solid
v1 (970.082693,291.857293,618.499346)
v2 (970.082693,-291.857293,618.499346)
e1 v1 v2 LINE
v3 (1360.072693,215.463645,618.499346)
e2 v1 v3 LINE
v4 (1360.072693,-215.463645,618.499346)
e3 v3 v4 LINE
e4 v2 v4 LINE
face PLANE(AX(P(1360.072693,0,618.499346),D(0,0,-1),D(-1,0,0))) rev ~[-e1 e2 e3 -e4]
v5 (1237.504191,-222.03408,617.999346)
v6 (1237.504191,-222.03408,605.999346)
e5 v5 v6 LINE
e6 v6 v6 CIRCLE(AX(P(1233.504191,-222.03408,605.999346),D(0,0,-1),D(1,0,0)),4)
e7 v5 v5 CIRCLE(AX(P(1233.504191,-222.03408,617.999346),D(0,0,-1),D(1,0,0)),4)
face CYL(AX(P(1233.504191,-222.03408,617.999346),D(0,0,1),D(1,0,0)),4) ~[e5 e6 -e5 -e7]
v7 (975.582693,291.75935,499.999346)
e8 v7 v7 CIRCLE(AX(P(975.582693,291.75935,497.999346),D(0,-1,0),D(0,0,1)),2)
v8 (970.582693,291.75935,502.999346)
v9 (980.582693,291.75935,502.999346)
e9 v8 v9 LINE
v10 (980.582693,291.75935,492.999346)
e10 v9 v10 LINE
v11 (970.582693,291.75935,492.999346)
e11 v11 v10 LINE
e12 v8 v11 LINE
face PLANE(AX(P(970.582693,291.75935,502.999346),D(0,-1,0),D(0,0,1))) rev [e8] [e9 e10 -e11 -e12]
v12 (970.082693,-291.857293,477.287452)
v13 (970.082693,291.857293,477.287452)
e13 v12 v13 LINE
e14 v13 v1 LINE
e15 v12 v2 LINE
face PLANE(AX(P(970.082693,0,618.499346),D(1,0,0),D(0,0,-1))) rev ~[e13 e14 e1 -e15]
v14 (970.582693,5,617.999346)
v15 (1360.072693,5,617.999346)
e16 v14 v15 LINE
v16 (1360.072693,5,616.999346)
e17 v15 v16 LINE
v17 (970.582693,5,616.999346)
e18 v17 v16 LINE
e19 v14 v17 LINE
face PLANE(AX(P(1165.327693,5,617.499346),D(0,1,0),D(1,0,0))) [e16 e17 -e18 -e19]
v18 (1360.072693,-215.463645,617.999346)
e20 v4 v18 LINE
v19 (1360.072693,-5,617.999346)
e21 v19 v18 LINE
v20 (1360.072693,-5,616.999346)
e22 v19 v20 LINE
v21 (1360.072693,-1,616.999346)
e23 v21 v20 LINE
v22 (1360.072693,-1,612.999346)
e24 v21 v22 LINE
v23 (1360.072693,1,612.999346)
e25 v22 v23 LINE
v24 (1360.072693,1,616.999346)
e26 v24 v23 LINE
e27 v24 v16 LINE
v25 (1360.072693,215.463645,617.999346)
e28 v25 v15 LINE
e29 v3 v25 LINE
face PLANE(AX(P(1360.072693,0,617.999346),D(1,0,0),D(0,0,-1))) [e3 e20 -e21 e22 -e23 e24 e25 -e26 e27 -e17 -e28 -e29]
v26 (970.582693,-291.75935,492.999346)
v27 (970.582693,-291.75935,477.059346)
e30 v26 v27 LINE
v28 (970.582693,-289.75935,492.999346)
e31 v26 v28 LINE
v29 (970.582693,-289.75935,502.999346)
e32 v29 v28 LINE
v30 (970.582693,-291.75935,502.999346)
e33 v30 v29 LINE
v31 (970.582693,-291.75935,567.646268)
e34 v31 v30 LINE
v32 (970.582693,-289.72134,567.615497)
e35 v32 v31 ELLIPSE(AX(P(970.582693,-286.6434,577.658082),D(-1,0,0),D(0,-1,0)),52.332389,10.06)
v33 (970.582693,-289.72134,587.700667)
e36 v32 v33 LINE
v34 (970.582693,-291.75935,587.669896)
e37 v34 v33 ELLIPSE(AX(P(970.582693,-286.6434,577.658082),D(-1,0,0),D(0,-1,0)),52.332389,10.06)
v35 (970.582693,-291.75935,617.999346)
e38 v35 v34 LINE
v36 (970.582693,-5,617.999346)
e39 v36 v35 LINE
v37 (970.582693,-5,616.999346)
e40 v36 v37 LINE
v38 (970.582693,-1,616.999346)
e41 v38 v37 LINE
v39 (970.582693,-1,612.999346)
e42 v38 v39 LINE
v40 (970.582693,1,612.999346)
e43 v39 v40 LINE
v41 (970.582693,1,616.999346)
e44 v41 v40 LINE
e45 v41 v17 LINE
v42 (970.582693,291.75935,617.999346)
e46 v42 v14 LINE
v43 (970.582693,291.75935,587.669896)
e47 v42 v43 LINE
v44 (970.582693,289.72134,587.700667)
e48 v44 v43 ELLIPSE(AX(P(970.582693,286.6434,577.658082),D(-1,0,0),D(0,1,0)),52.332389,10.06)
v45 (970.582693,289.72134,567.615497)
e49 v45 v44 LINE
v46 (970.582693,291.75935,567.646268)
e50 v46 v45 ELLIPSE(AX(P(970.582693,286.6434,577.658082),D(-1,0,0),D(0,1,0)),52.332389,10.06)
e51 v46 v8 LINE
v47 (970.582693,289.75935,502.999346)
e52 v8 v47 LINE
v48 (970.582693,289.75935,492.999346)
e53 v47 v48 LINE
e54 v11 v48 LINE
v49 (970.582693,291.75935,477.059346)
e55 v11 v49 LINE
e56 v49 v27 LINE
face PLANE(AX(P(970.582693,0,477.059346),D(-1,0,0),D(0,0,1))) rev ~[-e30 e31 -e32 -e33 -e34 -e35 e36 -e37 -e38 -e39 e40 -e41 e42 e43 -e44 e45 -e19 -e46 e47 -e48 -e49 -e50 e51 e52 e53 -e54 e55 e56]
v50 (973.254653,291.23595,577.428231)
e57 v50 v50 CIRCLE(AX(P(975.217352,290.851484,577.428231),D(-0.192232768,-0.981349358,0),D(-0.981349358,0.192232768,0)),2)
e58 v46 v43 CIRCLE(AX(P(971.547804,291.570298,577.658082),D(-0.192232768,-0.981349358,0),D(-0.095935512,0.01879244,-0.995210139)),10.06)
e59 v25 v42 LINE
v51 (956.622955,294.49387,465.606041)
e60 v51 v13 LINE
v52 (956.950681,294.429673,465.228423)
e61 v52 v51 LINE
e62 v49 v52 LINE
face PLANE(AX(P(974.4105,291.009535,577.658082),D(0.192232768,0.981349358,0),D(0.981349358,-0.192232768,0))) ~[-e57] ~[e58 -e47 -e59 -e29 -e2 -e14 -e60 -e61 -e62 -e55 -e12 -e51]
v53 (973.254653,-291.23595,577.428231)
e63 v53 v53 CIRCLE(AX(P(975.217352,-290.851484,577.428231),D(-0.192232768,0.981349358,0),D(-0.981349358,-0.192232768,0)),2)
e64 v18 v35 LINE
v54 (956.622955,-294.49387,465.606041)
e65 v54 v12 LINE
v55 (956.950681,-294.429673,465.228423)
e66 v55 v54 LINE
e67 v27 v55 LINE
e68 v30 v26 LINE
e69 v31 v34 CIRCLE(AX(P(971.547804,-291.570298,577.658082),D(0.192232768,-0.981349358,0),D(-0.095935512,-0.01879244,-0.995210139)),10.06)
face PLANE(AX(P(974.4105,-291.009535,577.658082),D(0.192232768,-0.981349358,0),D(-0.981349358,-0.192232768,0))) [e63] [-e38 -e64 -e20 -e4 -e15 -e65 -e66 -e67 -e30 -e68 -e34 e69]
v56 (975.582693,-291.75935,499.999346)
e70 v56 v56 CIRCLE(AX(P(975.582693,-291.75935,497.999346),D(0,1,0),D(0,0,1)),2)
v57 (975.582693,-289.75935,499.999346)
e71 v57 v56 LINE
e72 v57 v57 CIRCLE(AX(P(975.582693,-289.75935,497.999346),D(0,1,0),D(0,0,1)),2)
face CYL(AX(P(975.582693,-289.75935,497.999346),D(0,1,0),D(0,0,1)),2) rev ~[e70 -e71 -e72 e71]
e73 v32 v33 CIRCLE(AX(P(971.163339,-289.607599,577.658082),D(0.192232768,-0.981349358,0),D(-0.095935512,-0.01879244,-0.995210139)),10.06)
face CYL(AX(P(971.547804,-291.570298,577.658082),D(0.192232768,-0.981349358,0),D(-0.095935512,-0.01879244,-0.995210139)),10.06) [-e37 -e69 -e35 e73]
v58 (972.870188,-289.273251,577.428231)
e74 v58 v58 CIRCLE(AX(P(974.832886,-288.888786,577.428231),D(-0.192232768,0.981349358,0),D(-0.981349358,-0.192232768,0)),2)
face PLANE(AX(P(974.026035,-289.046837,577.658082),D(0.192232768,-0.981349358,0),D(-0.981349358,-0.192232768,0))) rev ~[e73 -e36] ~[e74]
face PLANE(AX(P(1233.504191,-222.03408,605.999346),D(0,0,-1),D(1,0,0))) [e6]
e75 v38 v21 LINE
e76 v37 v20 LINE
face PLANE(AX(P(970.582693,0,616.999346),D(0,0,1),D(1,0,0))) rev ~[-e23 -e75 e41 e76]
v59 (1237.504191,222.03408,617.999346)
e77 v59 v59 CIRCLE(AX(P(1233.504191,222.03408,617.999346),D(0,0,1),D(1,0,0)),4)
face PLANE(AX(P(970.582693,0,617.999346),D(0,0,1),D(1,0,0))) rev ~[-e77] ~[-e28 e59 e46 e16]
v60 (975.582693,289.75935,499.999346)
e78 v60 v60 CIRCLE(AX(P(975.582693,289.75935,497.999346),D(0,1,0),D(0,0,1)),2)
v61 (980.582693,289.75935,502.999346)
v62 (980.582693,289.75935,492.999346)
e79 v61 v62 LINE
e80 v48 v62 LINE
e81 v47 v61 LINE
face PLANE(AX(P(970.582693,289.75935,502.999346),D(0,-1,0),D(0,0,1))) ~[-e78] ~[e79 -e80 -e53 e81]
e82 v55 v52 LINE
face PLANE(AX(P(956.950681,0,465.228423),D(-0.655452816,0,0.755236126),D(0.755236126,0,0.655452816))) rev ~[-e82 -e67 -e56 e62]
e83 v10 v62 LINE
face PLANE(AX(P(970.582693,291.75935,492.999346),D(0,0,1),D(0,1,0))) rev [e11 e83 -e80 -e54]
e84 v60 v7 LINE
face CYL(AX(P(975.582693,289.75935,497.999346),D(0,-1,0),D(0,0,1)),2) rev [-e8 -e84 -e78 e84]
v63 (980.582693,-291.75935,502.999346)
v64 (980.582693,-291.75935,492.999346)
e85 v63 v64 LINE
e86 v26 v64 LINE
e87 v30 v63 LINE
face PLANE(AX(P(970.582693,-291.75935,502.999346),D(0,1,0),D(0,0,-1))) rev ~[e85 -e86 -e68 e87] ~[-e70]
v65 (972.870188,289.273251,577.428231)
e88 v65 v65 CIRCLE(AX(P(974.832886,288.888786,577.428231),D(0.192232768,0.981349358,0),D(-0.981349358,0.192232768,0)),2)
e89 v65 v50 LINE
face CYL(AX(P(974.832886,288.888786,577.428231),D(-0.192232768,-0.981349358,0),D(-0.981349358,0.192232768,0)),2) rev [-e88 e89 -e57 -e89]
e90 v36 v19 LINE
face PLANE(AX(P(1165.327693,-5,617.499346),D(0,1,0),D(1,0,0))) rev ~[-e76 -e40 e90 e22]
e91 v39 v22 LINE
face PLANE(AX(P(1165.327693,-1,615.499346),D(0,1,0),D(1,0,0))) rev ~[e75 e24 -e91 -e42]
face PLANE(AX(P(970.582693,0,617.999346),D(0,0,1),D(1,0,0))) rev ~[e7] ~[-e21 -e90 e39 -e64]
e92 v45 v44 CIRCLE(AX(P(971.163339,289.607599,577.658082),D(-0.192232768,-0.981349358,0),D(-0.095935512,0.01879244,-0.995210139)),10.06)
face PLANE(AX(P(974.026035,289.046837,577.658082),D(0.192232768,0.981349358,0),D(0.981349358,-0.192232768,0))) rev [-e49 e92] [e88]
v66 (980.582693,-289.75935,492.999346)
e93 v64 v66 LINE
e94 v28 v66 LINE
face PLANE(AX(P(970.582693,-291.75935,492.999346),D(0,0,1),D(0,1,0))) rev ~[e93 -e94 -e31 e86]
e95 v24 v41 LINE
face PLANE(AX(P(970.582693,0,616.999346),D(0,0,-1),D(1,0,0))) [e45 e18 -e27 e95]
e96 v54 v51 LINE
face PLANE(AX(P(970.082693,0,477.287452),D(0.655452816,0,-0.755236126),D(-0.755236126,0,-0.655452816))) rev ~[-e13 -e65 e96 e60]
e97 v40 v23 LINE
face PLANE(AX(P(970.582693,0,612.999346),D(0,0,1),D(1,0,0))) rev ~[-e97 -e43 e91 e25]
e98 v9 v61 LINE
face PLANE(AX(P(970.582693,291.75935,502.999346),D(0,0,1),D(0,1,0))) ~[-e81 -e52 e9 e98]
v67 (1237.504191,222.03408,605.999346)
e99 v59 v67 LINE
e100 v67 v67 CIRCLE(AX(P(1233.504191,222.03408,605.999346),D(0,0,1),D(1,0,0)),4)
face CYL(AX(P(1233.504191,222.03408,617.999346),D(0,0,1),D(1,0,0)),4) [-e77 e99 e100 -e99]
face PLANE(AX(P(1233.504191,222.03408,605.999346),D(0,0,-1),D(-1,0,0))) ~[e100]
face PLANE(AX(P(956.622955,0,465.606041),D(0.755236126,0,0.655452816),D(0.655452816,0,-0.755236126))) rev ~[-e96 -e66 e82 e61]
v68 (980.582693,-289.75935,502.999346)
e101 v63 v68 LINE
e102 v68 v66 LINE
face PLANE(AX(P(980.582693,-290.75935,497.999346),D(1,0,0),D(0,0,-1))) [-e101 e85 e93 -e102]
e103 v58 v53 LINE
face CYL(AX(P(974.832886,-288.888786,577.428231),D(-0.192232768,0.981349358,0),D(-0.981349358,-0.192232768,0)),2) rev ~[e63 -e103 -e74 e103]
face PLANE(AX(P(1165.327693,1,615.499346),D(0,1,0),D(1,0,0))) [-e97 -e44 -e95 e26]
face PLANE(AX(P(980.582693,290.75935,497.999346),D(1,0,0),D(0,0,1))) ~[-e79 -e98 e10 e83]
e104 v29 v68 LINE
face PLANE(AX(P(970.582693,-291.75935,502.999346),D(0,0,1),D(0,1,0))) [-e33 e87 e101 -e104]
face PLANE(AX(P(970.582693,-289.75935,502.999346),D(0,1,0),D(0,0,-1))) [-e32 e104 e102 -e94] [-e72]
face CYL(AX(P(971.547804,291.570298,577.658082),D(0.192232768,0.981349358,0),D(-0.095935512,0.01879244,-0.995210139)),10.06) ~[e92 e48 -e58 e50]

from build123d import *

# Parameters (mm, degrees)
WYCI_GNI_CIE_CIENKA_CIANKA1_DEPTH      = 400
WYCI_GNI_CIE_CIENKA_CIANKA1_DEPTH_BACK = 400
DODANIE_WYCI_GNI_CIE2_DEPTH            = 2
SZKIC6_W                               = 389.49
SZKIC6_H                               = 5
WYCI_GNI_CIE_CIENKA_CIANKA2_DEPTH      = 1
WYCI_GNI_CIE_CIENKA_CIANKA2_DEPTH_BACK = 1
SZKIC6_2_W                             = 389.49
SZKIC6_2_H                             = 1
WYCI_GNI_CIE_CIENKA_CIANKA3_DEPTH      = 5
WYCI_GNI_CIE_CIENKA_CIANKA3_DEPTH_BACK = 5
SZKIC7_R                               = 2
WYTNIJ_WYCI_GNI_CIE1_DEPTH             = 10
SZKIC9_W                               = 10
SZKIC9_H                               = 2
WYCI_GNI_CIE_CIENKA_CIANKA4_DEPTH      = 10
SZKIC10_R                              = 2
WYTNIJ_WYCI_GNI_CIE2_DEPTH             = 10
SKETCH1_R                              = 4
BOSS_EXTRUDE1_DEPTH                    = 12


with BuildPart() as part:
    # Szkic1 → Wyci_gni_cie-cienka _cianka1 (new, two sides)
    with BuildSketch(Plane(origin=(0, 0, 0), x_dir=(1, 0, 0), z_dir=(0, 1, 0))) as wyci_gni_cie_cienka_cianka1_sk:
        Polygon((956.950680953, -465.228422764), (970.58269303, -477.059346089), (970.58269303, -617.999346089), (1360.07269303, -617.999346089), (1360.07269303, -618.499346089), (970.08269303, -618.499346089), (970.08269303, -477.287451692), (956.622954545, -465.606040827), align=None)
    extrude(amount=WYCI_GNI_CIE_CIENKA_CIANKA1_DEPTH)
    extrude(wyci_gni_cie_cienka_cianka1_sk.sketch, amount=-WYCI_GNI_CIE_CIENKA_CIANKA1_DEPTH_BACK)

    # Ci_cie powierzchni_1
    split(bisect_by=Plane(origin=(90.906039695, 464.075841363, 0), x_dir=(-0.9813493581662637, 0.19223276834780917, 0), z_dir=(0.19223276834780917, 0.9813493581662637, 0)), keep=Keep.BOTTOM)

    # Ci_cie powierzchni_2
    split(bisect_by=Plane(origin=(90.906039695, -464.075841363, 0), x_dir=(-0.9813493581662637, -0.19223276834780917, 0), z_dir=(-0.19223276834780917, 0.9813493581662637, 0)), keep=Keep.TOP)

    # Szkic4 → Dodanie-wyci_gni_cie2 (add)
    with BuildSketch(Plane(origin=(90.906039695, -464.075841363, 0), x_dir=(-0.9813493581662637, -0.19223276834780914, 0), z_dir=(0.19223276834780914, -0.9813493581662637, 0))):
        with BuildLine():
            Line((-896.394995334, -587.669895838), (-896.394995334, -567.646267832))
            ThreePointArc((-896.394995334, -567.646267832), (-907.43844862, -577.658081835), (-896.394995334, -587.669895838))
        make_face()
    dodanie_wyci_gni_cie2 = extrude(amount=-DODANIE_WYCI_GNI_CIE2_DEPTH)

    # Szkic6 → Wyci_gni_cie-cienka _cianka2 (add, two sides)
    with BuildSketch(Plane(origin=(0, 0, 0), x_dir=(1, 0, 0), z_dir=(0, 1, 0))) as wyci_gni_cie_cienka_cianka2_sk:
        with Locations((1165.32769303, -615.499346089)):
            Rectangle(SZKIC6_W, SZKIC6_H)
    extrude(amount=WYCI_GNI_CIE_CIENKA_CIANKA2_DEPTH)
    extrude(wyci_gni_cie_cienka_cianka2_sk.sketch, amount=-WYCI_GNI_CIE_CIENKA_CIANKA2_DEPTH_BACK)

    # Szkic6_2 → Wyci_gni_cie-cienka _cianka3 (add, two sides)
    with BuildSketch(Plane(origin=(0, 0, 0), x_dir=(1, 0, 0), z_dir=(0, 1, 0))) as wyci_gni_cie_cienka_cianka3_sk:
        with Locations((1165.32769303, -617.499346089)):
            Rectangle(SZKIC6_2_W, SZKIC6_2_H)
    extrude(amount=WYCI_GNI_CIE_CIENKA_CIANKA3_DEPTH)
    extrude(wyci_gni_cie_cienka_cianka3_sk.sketch, amount=-WYCI_GNI_CIE_CIENKA_CIANKA3_DEPTH_BACK)

    # Szkic7 → Wytnij-wyci_gni_cie1 (cut)
    with BuildSketch(Plane(origin=(90.521574159, -462.113142647, 0), x_dir=(0.9813493581662637, 0.19223276834780917, 0), z_dir=(-0.19223276834780914, 0.9813493581662636, 0))):
        with Locations(Location((901.117736464, -577.428231407, 0), (0, 0, 180))):
            Circle(SZKIC7_R)
    wytnij_wyci_gni_cie1 = extrude(amount=-WYTNIJ_WYCI_GNI_CIE1_DEPTH, mode=Mode.SUBTRACT)

    # Lustro1: Dodanie-wyci_gni_cie2, Wytnij-wyci_gni_cie1 across plane
    add(dodanie_wyci_gni_cie2.mirror(Plane.ZX))
    add(wytnij_wyci_gni_cie1.mirror(Plane.ZX), mode=Mode.SUBTRACT)

    # Szkic9 → Wyci_gni_cie-cienka _cianka4 (add)
    with BuildSketch(Plane(origin=(970.58269303, 0, 0), x_dir=(0, 0, -1), z_dir=(1, 0, 0))):
        with Locations((-497.999346089, -290.759349877)):
            Rectangle(SZKIC9_W, SZKIC9_H)
    wyci_gni_cie_cienka_cianka4 = extrude(amount=WYCI_GNI_CIE_CIENKA_CIANKA4_DEPTH)

    # Szkic10 → Wytnij-wyci_gni_cie2 (cut)
    with BuildSketch(Plane(origin=(0, -289.759349877, 0), x_dir=(1, 0, 0), z_dir=(0, 1, 0))):
        with Locations(Location((975.58269303, -497.999346089, 0), (0, 0, 270))):
            Circle(SZKIC10_R)
    wytnij_wyci_gni_cie2 = extrude(amount=-WYTNIJ_WYCI_GNI_CIE2_DEPTH, mode=Mode.SUBTRACT)

    # Sketch1 → Boss-Extrude1 (add)
    with BuildSketch(Plane(origin=(0, 0, 617.999346089), x_dir=(-1, 0, 0), z_dir=(0, 0, -1))):
        with Locations(Location((-1233.504191335, -222.034079566, 0), (0, 0, 180))):
            Circle(SKETCH1_R)
    boss_extrude1 = extrude(amount=BOSS_EXTRUDE1_DEPTH)

    # Lustro2: Wyci_gni_cie-cienka _cianka4, Wytnij-wyci_gni_cie2, Boss-Extrude1 across plane
    add(wyci_gni_cie_cienka_cianka4.mirror(Plane.ZX))
    add(wytnij_wyci_gni_cie2.mirror(Plane.ZX), mode=Mode.SUBTRACT)
    add(boss_extrude1.mirror(Plane.ZX))


solid = part.part
